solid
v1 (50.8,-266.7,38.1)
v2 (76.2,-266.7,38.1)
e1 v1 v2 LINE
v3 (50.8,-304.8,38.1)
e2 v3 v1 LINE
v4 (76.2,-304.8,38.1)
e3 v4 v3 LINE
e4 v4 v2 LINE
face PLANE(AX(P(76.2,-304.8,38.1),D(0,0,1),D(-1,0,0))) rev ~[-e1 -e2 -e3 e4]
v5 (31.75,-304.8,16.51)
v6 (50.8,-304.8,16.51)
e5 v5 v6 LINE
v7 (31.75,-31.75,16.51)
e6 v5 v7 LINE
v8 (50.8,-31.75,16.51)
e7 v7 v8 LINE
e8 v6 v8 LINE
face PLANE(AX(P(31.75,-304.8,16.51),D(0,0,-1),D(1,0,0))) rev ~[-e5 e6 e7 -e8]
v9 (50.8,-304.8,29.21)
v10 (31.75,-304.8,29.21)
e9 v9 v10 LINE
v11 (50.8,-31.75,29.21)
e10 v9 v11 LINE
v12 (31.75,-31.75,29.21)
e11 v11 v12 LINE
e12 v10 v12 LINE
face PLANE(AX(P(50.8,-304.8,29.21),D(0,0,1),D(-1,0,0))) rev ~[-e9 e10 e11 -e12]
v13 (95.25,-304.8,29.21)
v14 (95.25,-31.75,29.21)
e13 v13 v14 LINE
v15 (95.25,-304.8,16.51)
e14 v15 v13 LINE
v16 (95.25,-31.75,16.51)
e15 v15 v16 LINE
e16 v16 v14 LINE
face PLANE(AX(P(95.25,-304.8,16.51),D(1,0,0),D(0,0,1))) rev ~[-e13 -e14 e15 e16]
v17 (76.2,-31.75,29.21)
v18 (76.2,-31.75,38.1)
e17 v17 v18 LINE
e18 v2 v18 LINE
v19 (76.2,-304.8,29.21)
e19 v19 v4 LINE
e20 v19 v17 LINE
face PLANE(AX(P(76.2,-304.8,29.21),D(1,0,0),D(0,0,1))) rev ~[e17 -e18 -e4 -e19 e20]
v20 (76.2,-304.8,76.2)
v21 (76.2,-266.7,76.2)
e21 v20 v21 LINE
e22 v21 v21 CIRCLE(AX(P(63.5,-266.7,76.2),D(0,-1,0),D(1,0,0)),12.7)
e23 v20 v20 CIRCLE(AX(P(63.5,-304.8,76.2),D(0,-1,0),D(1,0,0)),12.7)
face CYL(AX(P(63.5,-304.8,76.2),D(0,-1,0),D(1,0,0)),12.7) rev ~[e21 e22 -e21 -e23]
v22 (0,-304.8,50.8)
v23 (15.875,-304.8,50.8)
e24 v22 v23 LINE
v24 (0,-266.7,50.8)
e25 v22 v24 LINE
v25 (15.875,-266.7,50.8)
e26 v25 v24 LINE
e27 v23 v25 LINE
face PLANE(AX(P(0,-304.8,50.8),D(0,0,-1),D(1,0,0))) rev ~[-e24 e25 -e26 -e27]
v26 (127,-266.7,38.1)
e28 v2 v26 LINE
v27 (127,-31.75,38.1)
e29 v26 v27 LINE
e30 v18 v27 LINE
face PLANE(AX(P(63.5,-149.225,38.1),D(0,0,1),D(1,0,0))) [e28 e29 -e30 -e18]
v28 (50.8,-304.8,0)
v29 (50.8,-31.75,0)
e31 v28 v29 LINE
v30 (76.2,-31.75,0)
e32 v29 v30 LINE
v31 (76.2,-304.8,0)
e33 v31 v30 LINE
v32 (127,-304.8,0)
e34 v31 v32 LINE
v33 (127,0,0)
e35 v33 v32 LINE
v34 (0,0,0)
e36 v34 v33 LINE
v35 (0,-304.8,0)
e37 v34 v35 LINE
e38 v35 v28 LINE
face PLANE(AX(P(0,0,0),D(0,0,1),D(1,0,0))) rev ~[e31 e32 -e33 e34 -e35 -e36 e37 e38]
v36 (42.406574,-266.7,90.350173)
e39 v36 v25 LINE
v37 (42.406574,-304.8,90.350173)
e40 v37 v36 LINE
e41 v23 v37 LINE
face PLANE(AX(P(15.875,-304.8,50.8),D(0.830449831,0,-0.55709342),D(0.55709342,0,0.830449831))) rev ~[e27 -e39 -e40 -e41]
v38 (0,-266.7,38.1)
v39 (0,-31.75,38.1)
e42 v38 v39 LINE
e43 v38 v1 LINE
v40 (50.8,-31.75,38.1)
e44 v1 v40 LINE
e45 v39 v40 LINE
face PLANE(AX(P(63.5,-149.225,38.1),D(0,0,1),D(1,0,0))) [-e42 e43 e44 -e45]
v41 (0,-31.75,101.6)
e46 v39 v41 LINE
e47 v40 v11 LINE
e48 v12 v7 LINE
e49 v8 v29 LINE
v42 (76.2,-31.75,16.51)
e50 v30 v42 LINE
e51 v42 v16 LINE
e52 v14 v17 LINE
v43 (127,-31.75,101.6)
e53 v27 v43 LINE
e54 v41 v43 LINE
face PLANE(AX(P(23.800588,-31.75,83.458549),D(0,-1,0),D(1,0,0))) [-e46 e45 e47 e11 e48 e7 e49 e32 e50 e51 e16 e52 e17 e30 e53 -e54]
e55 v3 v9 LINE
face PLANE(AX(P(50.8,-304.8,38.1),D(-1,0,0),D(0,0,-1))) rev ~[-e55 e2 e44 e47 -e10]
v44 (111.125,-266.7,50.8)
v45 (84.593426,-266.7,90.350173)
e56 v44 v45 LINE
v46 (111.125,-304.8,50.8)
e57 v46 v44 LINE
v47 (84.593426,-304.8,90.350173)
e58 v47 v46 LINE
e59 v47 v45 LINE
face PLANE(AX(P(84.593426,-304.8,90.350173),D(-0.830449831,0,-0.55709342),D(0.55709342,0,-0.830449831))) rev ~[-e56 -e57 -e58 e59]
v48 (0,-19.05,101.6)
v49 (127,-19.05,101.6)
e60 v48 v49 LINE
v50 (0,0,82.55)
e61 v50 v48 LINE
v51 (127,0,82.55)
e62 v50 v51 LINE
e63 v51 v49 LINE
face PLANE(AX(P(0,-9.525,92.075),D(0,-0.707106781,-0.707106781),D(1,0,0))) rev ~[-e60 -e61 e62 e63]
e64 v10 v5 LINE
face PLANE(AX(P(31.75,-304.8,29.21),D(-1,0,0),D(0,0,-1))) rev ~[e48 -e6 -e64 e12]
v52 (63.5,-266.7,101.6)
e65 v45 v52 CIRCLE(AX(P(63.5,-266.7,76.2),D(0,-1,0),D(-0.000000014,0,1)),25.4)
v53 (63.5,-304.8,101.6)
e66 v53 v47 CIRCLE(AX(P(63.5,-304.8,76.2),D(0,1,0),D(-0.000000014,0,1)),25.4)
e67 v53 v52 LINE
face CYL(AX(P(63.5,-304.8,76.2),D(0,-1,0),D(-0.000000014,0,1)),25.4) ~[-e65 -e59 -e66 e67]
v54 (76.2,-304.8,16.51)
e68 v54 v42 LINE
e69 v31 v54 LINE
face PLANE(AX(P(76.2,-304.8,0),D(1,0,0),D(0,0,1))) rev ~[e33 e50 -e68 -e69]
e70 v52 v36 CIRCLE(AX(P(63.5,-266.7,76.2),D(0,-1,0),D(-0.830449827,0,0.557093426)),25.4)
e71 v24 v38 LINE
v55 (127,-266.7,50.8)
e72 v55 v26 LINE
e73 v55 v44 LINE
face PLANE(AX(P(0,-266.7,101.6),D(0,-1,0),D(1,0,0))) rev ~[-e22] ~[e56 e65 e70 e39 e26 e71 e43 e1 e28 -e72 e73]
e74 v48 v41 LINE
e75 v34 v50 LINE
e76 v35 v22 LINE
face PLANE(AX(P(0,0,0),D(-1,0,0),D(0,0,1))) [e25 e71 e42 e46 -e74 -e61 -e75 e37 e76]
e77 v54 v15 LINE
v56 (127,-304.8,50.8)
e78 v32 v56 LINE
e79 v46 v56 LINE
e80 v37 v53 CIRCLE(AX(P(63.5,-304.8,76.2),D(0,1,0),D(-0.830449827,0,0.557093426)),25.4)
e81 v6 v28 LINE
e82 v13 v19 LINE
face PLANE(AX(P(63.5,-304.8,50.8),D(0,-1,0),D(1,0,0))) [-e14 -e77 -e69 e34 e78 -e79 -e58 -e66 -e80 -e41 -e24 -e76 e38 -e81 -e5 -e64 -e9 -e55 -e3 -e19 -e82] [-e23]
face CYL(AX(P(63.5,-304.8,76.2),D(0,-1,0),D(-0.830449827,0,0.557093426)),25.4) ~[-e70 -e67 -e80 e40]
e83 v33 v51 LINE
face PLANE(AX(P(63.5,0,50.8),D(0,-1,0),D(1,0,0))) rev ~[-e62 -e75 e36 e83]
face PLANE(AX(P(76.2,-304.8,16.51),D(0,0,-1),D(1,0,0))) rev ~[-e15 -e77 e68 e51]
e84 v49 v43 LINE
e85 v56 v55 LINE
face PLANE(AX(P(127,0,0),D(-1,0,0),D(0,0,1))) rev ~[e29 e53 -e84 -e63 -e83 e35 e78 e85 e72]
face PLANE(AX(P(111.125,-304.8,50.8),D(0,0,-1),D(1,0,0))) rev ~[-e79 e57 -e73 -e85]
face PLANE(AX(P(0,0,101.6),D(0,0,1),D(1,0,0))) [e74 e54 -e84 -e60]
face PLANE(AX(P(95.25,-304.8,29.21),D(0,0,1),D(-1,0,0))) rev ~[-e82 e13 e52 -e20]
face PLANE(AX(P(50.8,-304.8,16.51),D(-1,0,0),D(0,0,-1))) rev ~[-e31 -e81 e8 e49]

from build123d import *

# Parameters (mm, degrees)
F0_W     = 127
F0_H     = 101.6
F1_DEPTH = 304.8
F3_DEPTH = 273.05
F5_DEPTH = 273.05
F6_W     = 127
F6_H     = 234.95
F7_DEPTH = 63.5
F4_R     = 12.7
F8_DEPTH = 38.1
F9_SIZE2 = 19.05
F9_SIZE  = 19.05


with BuildPart() as f1:
    # F0 (on Front) → F1 (new body)
    with BuildSketch(Plane.XZ):
        with Locations((63.5, 50.8)):
            Rectangle(F0_W, F0_H)
    extrude(amount=F1_DEPTH)

    # F2 (on face) → F3 (cut)
    with BuildSketch(Plane.XZ.offset(304.8)):
        Polygon((50.8, 16.51), (50.8, 0), (76.2, 0), (76.2, 16.51), (95.25, 16.51), (95.25, 29.21), (76.2, 29.21), (76.2, 38.1), (50.8, 38.1), (50.8, 29.21), (31.75, 29.21), (31.75, 16.51), align=None)
    extrude(amount=-F3_DEPTH, mode=Mode.SUBTRACT)

    # F4 (on face) → F5 (cut)
    with BuildSketch(Plane.XZ.offset(304.8)):
        with BuildLine():
            Line((0, 101.6), (0, 50.8))
            Line((0, 50.8), (15.875, 50.8))
            Line((15.875, 50.8), (42.406574, 90.350173))
            ThreePointArc((42.406574, 90.350173), (51.547059, 98.611765), (63.5, 101.6))
            Line((63.5, 101.6), (0, 101.6))
        make_face()
        with BuildLine():
            Line((127, 101.6), (63.5, 101.6))
            ThreePointArc((63.5, 101.6), (75.452941, 98.611765), (84.593426, 90.350173))
            Line((84.593426, 90.350173), (111.125, 50.8))
            Line((111.125, 50.8), (127, 50.8))
            Line((127, 50.8), (127, 101.6))
        make_face()
    extrude(amount=-F5_DEPTH, mode=Mode.SUBTRACT)

    # F6 (on face) → F7 (cut)
    with BuildSketch(Plane.XY.offset(101.6)):
        with Locations((63.5, -149.225)):
            Rectangle(F6_W, F6_H)
    extrude(amount=-F7_DEPTH, mode=Mode.SUBTRACT)

    # F4 (on face) → F8 (cut)
    with BuildSketch(Plane.XZ.offset(304.8)):
        with Locations((63.5, 76.2)):
            Circle(F4_R)
    extrude(amount=-F8_DEPTH, mode=Mode.SUBTRACT)

    # F9
    f9_edges = [f1.edges().sort_by_distance(p)[0] for p in [
        (63.5, 0, 101.6),
    ]]
    chamfer(f9_edges, length=F9_SIZE, length2=F9_SIZE2)


solid = f1.part
